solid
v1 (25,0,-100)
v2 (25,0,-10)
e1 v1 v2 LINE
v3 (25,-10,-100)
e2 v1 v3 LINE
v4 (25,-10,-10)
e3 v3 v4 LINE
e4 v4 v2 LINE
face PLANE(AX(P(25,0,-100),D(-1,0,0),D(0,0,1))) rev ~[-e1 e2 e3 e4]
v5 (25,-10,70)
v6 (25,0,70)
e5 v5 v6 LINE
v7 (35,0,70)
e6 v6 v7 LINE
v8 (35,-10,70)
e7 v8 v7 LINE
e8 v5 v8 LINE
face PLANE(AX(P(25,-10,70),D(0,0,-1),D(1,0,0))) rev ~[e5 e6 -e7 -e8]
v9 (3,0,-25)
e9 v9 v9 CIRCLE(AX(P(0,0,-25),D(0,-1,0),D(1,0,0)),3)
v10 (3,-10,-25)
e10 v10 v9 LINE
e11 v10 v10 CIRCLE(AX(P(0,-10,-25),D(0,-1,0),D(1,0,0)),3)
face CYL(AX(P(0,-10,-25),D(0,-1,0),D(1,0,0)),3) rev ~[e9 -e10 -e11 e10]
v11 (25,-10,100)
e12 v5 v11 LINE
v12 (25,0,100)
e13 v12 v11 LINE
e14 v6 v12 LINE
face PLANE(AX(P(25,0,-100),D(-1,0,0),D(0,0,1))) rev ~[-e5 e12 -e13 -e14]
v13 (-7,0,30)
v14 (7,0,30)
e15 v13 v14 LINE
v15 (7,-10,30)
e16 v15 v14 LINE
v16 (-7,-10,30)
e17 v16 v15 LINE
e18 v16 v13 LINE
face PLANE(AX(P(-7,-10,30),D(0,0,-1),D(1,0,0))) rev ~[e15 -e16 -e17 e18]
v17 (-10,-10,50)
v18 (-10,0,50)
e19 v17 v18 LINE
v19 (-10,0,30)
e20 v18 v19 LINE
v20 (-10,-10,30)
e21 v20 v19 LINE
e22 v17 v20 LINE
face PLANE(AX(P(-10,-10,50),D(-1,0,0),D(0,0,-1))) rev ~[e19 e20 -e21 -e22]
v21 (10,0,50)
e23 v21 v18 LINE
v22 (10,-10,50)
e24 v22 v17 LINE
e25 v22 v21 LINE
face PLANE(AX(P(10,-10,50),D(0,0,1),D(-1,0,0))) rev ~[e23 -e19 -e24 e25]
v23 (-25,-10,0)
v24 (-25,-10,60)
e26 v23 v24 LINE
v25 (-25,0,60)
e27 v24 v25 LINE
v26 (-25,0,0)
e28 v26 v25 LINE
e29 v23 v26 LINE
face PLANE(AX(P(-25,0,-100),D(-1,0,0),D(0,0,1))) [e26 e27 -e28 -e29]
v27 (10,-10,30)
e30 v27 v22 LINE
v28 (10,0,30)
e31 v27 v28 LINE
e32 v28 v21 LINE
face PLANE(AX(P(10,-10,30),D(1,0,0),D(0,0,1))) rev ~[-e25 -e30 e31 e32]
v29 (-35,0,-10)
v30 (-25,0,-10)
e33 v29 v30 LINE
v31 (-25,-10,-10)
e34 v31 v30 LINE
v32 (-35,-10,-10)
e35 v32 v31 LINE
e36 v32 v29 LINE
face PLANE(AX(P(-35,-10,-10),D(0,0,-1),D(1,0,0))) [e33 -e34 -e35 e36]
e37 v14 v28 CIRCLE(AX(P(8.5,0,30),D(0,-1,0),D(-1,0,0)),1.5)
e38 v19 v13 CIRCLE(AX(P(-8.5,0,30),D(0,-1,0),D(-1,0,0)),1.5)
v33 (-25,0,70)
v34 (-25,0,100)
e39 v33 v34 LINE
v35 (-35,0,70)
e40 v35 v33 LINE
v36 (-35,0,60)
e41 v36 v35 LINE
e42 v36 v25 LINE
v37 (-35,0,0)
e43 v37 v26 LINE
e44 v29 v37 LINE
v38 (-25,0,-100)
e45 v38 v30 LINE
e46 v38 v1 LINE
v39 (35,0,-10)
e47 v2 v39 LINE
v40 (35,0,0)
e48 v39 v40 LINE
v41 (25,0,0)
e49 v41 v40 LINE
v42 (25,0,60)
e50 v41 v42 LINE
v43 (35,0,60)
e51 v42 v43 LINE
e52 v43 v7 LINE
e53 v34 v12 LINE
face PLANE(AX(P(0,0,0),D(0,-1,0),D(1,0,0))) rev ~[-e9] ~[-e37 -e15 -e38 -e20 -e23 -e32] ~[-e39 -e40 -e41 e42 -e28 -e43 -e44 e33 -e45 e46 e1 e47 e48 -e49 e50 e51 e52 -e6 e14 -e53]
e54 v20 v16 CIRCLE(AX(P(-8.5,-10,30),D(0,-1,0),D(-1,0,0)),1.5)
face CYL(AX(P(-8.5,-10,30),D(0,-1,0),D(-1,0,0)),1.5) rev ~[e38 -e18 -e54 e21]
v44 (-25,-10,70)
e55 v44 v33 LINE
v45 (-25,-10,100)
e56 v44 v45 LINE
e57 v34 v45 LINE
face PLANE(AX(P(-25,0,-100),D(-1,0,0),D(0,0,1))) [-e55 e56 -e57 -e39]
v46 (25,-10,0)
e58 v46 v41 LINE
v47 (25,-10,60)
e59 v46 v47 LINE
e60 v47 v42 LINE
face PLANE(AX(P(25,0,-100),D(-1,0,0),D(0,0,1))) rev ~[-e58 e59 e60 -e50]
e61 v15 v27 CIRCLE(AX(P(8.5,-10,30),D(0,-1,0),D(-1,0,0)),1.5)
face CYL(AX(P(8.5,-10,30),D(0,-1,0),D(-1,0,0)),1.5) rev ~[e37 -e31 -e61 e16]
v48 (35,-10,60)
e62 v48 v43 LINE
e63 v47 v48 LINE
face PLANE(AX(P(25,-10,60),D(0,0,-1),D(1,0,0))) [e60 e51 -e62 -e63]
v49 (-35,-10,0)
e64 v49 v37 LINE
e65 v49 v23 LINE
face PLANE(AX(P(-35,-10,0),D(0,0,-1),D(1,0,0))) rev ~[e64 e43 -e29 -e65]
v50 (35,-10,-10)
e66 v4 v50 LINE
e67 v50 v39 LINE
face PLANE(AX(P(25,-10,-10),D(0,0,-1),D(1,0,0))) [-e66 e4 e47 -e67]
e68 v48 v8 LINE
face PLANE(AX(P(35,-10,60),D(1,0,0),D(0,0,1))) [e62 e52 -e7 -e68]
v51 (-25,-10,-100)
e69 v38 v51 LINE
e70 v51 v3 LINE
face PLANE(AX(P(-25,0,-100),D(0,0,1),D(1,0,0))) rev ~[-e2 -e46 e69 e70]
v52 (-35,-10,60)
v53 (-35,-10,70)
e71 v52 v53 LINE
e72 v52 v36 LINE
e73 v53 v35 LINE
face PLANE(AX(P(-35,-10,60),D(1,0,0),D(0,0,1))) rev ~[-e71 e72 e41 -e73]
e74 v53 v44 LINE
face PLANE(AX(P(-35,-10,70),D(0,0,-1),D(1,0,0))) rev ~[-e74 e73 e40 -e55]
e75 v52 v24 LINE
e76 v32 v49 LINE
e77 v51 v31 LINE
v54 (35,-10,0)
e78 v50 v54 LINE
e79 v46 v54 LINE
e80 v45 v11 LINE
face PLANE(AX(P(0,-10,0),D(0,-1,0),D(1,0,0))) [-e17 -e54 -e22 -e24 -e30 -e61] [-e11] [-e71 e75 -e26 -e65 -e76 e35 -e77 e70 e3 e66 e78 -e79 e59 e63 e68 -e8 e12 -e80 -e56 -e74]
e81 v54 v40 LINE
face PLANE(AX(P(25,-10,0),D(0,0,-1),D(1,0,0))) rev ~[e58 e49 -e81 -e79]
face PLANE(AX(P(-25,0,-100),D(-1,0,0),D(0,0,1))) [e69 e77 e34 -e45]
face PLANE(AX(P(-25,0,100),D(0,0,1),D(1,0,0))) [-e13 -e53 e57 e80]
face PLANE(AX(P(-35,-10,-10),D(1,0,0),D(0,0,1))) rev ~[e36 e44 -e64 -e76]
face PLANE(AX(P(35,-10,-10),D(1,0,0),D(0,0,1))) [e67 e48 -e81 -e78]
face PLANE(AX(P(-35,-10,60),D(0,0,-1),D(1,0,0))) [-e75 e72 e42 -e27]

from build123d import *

# Parameters (mm, degrees)
F0_W     = 50
F0_H     = 200
F1_DEPTH = 10
F2_R     = 3
F3_DEPTH = 25
F5_DEPTH = 25
F6_W     = 10
F6_H     = 10
F7_DEPTH = 10


with BuildPart() as f1:
    # F0 (on Front) → F1 (new body)
    with BuildSketch(Plane.XZ):
        Rectangle(F0_W, F0_H)
    extrude(amount=F1_DEPTH)

    # F2 (on face) → F3 (cut)
    with BuildSketch(Plane.XZ.offset(10)):
        with Locations((0, -25)):
            Circle(F2_R)
    extrude(amount=-F3_DEPTH, mode=Mode.SUBTRACT)

    # F4 (on face) → F5 (cut)
    with BuildSketch(Plane.XZ.offset(10)):
        with BuildLine():
            Line((10, 50), (-10, 50))
            Line((-10, 50), (-10, 30))
            ThreePointArc((-10, 30), (-8.5, 28.5), (-7, 30))
            Line((-7, 30), (7, 30))
            ThreePointArc((7, 30), (8.5, 28.5), (10, 30))
            Line((10, 30), (10, 50))
        make_face()
    extrude(amount=-F5_DEPTH, mode=Mode.SUBTRACT)

    # F6 (on face) → F7 (join)
    with BuildSketch(Plane.XZ.offset(10)):
        with Locations((-30, 65)):
            Rectangle(F6_W, F6_H)
        with Locations((30, 65)):
            Rectangle(F6_W, F6_H)
        with Locations((-30, -5)):
            Rectangle(F6_W, F6_H)
        with Locations((30, -5)):
            Rectangle(F6_W, F6_H)
    extrude(amount=-F7_DEPTH)


solid = f1.part
